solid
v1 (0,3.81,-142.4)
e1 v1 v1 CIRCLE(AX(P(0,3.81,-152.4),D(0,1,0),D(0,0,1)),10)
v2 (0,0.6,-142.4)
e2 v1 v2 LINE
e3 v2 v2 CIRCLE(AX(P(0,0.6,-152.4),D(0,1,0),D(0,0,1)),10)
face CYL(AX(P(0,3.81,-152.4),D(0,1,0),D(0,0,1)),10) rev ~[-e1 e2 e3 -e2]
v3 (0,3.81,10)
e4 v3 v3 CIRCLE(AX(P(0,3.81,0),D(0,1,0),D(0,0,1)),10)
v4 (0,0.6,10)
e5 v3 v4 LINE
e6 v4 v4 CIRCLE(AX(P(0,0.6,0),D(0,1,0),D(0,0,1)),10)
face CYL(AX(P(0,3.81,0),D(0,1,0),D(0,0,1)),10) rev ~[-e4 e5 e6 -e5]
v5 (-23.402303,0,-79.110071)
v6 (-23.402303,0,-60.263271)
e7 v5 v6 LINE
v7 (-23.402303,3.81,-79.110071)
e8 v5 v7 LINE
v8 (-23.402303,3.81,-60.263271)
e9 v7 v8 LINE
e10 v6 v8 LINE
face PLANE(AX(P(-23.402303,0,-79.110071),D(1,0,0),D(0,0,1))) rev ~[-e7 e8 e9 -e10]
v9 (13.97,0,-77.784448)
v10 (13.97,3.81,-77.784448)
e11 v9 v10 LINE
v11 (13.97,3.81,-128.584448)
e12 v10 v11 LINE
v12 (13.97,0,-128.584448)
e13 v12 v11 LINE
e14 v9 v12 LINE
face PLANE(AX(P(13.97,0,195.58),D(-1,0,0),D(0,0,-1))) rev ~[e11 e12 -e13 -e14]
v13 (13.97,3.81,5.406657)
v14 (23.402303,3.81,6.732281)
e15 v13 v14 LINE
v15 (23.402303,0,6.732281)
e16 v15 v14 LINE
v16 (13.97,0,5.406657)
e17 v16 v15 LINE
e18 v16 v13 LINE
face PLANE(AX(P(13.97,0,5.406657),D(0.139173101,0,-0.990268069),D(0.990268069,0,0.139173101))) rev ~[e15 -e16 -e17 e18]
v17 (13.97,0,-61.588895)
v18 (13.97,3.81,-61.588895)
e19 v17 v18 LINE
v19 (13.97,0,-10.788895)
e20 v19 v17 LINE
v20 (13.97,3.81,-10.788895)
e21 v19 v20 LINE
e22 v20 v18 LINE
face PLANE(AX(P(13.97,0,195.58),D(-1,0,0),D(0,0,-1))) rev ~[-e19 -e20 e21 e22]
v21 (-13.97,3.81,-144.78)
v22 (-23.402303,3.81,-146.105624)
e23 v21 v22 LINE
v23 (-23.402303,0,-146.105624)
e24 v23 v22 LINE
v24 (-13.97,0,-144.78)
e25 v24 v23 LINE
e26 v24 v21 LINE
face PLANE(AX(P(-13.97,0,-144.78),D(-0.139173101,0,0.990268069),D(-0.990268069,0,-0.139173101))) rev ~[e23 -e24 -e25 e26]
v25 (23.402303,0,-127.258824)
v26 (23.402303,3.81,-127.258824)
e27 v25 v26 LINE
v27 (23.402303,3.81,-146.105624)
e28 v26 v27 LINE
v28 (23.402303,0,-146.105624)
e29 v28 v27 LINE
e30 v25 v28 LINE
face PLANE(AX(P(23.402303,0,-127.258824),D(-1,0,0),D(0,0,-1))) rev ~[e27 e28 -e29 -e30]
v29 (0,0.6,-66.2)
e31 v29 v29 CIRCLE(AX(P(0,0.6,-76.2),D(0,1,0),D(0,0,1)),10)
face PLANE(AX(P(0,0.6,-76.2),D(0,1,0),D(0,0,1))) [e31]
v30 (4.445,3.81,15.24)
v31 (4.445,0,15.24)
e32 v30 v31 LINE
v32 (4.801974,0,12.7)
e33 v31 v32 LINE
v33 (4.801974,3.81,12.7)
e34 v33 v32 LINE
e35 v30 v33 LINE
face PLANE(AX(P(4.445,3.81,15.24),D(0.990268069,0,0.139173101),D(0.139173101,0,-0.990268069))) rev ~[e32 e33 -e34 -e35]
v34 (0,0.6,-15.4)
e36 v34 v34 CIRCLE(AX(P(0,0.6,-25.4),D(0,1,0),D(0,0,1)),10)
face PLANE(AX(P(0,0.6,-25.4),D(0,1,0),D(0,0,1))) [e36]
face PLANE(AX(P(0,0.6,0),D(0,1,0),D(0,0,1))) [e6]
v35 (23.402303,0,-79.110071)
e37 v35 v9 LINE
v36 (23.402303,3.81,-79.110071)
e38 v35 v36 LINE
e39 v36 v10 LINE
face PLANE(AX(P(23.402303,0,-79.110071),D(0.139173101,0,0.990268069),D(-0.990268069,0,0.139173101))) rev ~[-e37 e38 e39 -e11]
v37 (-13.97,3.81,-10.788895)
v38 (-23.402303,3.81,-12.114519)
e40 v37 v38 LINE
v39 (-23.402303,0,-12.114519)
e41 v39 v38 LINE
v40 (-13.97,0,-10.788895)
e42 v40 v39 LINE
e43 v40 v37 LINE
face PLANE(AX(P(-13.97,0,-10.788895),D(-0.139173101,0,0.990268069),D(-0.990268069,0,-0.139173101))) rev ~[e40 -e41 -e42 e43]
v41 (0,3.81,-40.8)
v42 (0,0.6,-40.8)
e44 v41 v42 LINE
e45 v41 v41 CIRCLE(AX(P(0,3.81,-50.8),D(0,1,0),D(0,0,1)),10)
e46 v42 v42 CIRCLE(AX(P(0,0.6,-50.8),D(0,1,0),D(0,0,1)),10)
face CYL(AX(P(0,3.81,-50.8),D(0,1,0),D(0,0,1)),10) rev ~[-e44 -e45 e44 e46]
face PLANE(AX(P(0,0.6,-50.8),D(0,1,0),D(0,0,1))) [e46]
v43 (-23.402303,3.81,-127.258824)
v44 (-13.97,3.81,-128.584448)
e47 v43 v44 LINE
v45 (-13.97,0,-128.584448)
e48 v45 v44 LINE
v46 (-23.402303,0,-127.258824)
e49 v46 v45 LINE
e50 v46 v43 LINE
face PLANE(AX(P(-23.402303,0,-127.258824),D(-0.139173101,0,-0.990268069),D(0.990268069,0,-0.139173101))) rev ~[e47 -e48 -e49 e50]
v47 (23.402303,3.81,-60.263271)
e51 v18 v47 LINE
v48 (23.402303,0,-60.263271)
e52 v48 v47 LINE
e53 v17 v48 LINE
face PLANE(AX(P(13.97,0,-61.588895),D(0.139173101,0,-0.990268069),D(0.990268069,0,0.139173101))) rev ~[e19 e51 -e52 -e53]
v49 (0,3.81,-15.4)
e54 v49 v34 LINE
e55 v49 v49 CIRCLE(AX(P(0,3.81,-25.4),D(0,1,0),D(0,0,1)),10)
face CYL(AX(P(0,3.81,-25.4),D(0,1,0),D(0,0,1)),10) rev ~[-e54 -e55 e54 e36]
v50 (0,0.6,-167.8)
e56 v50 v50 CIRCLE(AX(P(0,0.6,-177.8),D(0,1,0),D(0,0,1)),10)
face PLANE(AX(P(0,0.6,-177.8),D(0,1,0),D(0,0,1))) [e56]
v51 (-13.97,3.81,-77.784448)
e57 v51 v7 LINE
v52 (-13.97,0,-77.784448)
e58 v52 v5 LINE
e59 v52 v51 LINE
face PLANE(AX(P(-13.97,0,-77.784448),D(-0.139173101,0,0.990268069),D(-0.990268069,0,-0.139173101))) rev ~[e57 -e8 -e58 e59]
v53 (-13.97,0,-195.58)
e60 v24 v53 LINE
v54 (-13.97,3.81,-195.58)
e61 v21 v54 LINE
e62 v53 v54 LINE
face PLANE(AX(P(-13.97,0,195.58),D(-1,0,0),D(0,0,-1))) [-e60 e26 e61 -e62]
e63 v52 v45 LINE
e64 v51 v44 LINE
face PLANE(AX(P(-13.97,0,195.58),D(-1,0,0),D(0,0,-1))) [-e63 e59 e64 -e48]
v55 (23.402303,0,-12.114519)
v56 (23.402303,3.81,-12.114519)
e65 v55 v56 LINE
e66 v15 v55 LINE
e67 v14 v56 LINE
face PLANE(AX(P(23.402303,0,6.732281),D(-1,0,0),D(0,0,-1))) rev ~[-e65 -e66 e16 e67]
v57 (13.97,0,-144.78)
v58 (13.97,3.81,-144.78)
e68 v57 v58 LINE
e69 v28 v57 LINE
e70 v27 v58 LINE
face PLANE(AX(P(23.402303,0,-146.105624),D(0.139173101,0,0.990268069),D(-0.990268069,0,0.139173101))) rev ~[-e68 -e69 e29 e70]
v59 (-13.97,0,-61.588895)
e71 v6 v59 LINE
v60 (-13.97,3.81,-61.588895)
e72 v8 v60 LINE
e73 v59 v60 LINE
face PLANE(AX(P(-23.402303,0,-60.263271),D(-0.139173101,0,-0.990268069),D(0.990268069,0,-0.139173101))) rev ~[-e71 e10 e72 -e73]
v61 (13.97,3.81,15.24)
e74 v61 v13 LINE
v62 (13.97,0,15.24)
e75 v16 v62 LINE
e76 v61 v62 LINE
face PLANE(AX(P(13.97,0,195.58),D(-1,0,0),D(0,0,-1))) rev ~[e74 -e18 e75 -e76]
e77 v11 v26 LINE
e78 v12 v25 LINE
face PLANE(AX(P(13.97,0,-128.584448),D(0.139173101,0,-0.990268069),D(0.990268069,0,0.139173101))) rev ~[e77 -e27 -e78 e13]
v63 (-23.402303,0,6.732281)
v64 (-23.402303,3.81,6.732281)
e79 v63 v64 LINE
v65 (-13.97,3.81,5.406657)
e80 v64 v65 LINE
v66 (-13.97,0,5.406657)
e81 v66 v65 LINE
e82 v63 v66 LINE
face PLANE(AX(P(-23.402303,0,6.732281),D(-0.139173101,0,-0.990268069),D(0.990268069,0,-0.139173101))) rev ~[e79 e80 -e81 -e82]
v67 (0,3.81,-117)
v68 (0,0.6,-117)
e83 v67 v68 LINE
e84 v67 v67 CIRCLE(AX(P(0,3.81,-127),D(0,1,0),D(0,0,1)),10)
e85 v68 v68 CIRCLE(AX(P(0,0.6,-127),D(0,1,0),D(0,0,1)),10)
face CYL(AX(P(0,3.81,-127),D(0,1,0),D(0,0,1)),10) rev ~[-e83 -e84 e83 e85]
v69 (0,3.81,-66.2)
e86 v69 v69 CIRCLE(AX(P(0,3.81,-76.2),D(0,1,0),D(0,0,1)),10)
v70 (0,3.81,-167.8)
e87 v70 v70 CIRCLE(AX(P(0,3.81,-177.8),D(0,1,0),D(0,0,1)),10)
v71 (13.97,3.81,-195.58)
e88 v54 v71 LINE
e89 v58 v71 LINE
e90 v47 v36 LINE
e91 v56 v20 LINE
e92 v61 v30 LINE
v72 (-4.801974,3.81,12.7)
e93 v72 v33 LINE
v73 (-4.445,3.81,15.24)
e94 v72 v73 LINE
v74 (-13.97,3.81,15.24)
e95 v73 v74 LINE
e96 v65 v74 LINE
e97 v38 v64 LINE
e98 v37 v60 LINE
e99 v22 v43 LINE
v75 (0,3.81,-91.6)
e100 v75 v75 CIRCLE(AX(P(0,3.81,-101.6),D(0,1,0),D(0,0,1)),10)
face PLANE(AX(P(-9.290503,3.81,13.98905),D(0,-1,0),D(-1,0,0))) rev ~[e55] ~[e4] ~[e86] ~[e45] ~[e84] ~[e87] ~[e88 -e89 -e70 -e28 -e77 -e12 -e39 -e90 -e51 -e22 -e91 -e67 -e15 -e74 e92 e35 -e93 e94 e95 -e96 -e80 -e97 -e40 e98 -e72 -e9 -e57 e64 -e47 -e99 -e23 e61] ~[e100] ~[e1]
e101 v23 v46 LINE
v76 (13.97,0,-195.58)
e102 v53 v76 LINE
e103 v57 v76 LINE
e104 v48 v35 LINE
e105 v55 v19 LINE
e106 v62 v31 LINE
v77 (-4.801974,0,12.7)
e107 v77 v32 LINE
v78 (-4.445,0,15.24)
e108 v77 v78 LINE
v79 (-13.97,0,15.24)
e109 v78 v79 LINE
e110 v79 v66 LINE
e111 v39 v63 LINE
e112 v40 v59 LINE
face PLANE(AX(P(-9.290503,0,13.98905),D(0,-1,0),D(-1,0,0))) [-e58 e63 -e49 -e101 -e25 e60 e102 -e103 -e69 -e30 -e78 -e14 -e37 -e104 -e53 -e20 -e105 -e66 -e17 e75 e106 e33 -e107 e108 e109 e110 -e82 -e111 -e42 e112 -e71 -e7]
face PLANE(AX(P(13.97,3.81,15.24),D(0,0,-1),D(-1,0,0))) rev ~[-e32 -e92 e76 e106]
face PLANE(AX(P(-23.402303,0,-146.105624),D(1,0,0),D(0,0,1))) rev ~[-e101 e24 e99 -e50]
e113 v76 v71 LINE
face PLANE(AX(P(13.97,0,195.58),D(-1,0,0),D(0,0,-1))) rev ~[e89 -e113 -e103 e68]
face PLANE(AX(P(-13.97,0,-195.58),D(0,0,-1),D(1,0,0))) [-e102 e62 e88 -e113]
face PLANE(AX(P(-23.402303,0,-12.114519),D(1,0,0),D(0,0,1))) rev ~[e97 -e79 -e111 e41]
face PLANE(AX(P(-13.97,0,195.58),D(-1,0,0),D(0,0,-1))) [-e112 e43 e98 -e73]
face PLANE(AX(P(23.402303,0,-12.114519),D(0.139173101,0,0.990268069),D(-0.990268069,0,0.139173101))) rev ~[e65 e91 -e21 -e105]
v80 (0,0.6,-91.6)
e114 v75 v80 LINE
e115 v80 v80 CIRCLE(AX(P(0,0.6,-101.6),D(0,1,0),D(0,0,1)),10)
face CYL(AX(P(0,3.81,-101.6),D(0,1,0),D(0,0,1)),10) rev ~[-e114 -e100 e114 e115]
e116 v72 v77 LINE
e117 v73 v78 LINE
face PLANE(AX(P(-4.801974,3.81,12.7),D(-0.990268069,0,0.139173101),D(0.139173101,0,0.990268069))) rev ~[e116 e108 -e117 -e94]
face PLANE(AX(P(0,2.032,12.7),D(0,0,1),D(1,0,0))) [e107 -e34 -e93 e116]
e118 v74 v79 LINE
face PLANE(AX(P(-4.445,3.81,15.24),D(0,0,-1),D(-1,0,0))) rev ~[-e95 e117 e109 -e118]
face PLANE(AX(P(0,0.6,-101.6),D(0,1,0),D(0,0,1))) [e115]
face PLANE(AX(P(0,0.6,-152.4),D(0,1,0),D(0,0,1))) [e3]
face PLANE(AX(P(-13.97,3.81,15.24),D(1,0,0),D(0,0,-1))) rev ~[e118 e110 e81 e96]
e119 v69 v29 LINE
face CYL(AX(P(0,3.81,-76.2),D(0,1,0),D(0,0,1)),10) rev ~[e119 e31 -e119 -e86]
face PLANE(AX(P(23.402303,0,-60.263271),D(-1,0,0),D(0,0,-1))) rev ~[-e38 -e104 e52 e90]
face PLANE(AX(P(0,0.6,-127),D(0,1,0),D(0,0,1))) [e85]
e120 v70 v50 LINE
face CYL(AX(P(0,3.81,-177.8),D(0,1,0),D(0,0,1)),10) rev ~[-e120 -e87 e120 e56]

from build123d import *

# Parameters (mm, degrees)
SKETCH1_W           = 27.94
SKETCH1_H           = 391.16
BOSS_EXTRUDE1_DEPTH = 3.81
SKETCH2_R           = 10
CUT_EXTRUDE1_DEPTH  = 3.21
BOSS_EXTRUDE2_DEPTH = 3.81
SKETCH5_W           = 46.80460671
SKETCH5_H           = 4.064
CUT_EXTRUDE2_DEPTH  = 182.88
BOSS_EXTRUDE3_DEPTH = 3.81


with BuildPart() as part:
    # Sketch1 → Boss-Extrude1 (new body)
    with BuildSketch(Plane(origin=(0, 0, 0), x_dir=(1, 0, 0), z_dir=(0, 1, 0))):
        Rectangle(SKETCH1_W, SKETCH1_H)
    extrude(amount=BOSS_EXTRUDE1_DEPTH)

    # Sketch2 → Cut-Extrude1 (cut)
    with BuildSketch(Plane(origin=(0, 3.81, 0), x_dir=(1, 0, 0), z_dir=(0, 1, 0))):
        with Locations((0, 177.8)):
            Circle(SKETCH2_R)
        with Locations((0, 152.4)):
            Circle(SKETCH2_R)
        with Locations((0, 127)):
            Circle(SKETCH2_R)
        with Locations((0, 101.6)):
            Circle(SKETCH2_R)
        with Locations((0, 76.2)):
            Circle(SKETCH2_R)
        with Locations((0, 50.8)):
            Circle(SKETCH2_R)
        with Locations((0, 25.4)):
            Circle(SKETCH2_R)
        Circle(SKETCH2_R)
        with Locations((0, -25.4)):
            Circle(SKETCH2_R)
        with Locations((0, -50.8)):
            Circle(SKETCH2_R)
        with Locations((0, -76.2)):
            Circle(SKETCH2_R)
        with Locations((0, -101.6)):
            Circle(SKETCH2_R)
        with Locations((0, -127)):
            Circle(SKETCH2_R)
        with Locations((0, -152.4)):
            Circle(SKETCH2_R)
        with Locations((0, -177.8)):
            Circle(SKETCH2_R)
    extrude(amount=-CUT_EXTRUDE1_DEPTH, mode=Mode.SUBTRACT)

    # Sketch4 → Boss-Extrude2 (add)
    with BuildSketch(Plane(origin=(0, 0, 0), x_dir=(1, 0, 0), z_dir=(0, 1, 0))):
        Polygon((23.402303355, -54.881033493), (13.97, -56.20665728), (13.97, -72.402209707), (23.402303355, -73.727833493), align=None)
        Polygon((23.402303355, 146.105623787), (13.97, 144.78), (13.97, 128.584447573), (23.402303355, 127.258823787), align=None)
        Polygon((-13.97, 128.584447573), (-13.97, 144.78), (-23.402303355, 146.105623787), (-23.402303355, 127.258823787), align=None)
        Polygon((23.402303355, 79.11007136), (13.97, 77.784447573), (13.97, 61.588895147), (23.402303355, 60.26327136), align=None)
        Polygon((23.402303355, 12.114518933), (13.97, 10.788895147), (13.97, -5.40665728), (23.402303355, -6.732281067), align=None)
        Polygon((-13.97, -5.40665728), (-13.97, 10.788895147), (-23.402303355, 12.114518933), (-23.402303355, -6.732281067), align=None)
        Polygon((-13.97, 61.588895147), (-13.97, 77.784447573), (-23.402303355, 79.11007136), (-23.402303355, 60.26327136), align=None)
        Polygon((23.402303355, -121.87658592), (13.97, -123.202209707), (13.97, -139.397762134), (23.402303355, -140.72338592), align=None)
        Polygon((-13.97, -139.397762134), (-13.97, -123.202209707), (-23.402303355, -121.87658592), (-23.402303355, -140.72338592), align=None)
        Polygon((-13.97, -72.402209707), (-13.97, -56.20665728), (-23.402303355, -54.881033493), (-23.402303355, -73.727833493), align=None)
    extrude(amount=BOSS_EXTRUDE2_DEPTH)

    # Sketch5 → Cut-Extrude2 (cut)
    with BuildSketch(Plane.XY.offset(195.58)):
        with Locations((0, 2.032)):
            Rectangle(SKETCH5_W, SKETCH5_H)
    extrude(amount=-CUT_EXTRUDE2_DEPTH, mode=Mode.SUBTRACT)

    # Sketch6 → Boss-Extrude3 (add)
    with BuildSketch(Plane(origin=(0, 3.81, 0), x_dir=(1, 0, 0), z_dir=(0, 1, 0))):
        Polygon((-4.80197372, -12.7), (-4.445, -15.24), (-13.97, -15.24), (-13.97, -12.7), align=None)
        Polygon((13.97, -12.7), (13.97, -15.24), (4.445, -15.24), (4.80197372, -12.7), align=None)
    extrude(amount=-BOSS_EXTRUDE3_DEPTH)


solid = part.part
